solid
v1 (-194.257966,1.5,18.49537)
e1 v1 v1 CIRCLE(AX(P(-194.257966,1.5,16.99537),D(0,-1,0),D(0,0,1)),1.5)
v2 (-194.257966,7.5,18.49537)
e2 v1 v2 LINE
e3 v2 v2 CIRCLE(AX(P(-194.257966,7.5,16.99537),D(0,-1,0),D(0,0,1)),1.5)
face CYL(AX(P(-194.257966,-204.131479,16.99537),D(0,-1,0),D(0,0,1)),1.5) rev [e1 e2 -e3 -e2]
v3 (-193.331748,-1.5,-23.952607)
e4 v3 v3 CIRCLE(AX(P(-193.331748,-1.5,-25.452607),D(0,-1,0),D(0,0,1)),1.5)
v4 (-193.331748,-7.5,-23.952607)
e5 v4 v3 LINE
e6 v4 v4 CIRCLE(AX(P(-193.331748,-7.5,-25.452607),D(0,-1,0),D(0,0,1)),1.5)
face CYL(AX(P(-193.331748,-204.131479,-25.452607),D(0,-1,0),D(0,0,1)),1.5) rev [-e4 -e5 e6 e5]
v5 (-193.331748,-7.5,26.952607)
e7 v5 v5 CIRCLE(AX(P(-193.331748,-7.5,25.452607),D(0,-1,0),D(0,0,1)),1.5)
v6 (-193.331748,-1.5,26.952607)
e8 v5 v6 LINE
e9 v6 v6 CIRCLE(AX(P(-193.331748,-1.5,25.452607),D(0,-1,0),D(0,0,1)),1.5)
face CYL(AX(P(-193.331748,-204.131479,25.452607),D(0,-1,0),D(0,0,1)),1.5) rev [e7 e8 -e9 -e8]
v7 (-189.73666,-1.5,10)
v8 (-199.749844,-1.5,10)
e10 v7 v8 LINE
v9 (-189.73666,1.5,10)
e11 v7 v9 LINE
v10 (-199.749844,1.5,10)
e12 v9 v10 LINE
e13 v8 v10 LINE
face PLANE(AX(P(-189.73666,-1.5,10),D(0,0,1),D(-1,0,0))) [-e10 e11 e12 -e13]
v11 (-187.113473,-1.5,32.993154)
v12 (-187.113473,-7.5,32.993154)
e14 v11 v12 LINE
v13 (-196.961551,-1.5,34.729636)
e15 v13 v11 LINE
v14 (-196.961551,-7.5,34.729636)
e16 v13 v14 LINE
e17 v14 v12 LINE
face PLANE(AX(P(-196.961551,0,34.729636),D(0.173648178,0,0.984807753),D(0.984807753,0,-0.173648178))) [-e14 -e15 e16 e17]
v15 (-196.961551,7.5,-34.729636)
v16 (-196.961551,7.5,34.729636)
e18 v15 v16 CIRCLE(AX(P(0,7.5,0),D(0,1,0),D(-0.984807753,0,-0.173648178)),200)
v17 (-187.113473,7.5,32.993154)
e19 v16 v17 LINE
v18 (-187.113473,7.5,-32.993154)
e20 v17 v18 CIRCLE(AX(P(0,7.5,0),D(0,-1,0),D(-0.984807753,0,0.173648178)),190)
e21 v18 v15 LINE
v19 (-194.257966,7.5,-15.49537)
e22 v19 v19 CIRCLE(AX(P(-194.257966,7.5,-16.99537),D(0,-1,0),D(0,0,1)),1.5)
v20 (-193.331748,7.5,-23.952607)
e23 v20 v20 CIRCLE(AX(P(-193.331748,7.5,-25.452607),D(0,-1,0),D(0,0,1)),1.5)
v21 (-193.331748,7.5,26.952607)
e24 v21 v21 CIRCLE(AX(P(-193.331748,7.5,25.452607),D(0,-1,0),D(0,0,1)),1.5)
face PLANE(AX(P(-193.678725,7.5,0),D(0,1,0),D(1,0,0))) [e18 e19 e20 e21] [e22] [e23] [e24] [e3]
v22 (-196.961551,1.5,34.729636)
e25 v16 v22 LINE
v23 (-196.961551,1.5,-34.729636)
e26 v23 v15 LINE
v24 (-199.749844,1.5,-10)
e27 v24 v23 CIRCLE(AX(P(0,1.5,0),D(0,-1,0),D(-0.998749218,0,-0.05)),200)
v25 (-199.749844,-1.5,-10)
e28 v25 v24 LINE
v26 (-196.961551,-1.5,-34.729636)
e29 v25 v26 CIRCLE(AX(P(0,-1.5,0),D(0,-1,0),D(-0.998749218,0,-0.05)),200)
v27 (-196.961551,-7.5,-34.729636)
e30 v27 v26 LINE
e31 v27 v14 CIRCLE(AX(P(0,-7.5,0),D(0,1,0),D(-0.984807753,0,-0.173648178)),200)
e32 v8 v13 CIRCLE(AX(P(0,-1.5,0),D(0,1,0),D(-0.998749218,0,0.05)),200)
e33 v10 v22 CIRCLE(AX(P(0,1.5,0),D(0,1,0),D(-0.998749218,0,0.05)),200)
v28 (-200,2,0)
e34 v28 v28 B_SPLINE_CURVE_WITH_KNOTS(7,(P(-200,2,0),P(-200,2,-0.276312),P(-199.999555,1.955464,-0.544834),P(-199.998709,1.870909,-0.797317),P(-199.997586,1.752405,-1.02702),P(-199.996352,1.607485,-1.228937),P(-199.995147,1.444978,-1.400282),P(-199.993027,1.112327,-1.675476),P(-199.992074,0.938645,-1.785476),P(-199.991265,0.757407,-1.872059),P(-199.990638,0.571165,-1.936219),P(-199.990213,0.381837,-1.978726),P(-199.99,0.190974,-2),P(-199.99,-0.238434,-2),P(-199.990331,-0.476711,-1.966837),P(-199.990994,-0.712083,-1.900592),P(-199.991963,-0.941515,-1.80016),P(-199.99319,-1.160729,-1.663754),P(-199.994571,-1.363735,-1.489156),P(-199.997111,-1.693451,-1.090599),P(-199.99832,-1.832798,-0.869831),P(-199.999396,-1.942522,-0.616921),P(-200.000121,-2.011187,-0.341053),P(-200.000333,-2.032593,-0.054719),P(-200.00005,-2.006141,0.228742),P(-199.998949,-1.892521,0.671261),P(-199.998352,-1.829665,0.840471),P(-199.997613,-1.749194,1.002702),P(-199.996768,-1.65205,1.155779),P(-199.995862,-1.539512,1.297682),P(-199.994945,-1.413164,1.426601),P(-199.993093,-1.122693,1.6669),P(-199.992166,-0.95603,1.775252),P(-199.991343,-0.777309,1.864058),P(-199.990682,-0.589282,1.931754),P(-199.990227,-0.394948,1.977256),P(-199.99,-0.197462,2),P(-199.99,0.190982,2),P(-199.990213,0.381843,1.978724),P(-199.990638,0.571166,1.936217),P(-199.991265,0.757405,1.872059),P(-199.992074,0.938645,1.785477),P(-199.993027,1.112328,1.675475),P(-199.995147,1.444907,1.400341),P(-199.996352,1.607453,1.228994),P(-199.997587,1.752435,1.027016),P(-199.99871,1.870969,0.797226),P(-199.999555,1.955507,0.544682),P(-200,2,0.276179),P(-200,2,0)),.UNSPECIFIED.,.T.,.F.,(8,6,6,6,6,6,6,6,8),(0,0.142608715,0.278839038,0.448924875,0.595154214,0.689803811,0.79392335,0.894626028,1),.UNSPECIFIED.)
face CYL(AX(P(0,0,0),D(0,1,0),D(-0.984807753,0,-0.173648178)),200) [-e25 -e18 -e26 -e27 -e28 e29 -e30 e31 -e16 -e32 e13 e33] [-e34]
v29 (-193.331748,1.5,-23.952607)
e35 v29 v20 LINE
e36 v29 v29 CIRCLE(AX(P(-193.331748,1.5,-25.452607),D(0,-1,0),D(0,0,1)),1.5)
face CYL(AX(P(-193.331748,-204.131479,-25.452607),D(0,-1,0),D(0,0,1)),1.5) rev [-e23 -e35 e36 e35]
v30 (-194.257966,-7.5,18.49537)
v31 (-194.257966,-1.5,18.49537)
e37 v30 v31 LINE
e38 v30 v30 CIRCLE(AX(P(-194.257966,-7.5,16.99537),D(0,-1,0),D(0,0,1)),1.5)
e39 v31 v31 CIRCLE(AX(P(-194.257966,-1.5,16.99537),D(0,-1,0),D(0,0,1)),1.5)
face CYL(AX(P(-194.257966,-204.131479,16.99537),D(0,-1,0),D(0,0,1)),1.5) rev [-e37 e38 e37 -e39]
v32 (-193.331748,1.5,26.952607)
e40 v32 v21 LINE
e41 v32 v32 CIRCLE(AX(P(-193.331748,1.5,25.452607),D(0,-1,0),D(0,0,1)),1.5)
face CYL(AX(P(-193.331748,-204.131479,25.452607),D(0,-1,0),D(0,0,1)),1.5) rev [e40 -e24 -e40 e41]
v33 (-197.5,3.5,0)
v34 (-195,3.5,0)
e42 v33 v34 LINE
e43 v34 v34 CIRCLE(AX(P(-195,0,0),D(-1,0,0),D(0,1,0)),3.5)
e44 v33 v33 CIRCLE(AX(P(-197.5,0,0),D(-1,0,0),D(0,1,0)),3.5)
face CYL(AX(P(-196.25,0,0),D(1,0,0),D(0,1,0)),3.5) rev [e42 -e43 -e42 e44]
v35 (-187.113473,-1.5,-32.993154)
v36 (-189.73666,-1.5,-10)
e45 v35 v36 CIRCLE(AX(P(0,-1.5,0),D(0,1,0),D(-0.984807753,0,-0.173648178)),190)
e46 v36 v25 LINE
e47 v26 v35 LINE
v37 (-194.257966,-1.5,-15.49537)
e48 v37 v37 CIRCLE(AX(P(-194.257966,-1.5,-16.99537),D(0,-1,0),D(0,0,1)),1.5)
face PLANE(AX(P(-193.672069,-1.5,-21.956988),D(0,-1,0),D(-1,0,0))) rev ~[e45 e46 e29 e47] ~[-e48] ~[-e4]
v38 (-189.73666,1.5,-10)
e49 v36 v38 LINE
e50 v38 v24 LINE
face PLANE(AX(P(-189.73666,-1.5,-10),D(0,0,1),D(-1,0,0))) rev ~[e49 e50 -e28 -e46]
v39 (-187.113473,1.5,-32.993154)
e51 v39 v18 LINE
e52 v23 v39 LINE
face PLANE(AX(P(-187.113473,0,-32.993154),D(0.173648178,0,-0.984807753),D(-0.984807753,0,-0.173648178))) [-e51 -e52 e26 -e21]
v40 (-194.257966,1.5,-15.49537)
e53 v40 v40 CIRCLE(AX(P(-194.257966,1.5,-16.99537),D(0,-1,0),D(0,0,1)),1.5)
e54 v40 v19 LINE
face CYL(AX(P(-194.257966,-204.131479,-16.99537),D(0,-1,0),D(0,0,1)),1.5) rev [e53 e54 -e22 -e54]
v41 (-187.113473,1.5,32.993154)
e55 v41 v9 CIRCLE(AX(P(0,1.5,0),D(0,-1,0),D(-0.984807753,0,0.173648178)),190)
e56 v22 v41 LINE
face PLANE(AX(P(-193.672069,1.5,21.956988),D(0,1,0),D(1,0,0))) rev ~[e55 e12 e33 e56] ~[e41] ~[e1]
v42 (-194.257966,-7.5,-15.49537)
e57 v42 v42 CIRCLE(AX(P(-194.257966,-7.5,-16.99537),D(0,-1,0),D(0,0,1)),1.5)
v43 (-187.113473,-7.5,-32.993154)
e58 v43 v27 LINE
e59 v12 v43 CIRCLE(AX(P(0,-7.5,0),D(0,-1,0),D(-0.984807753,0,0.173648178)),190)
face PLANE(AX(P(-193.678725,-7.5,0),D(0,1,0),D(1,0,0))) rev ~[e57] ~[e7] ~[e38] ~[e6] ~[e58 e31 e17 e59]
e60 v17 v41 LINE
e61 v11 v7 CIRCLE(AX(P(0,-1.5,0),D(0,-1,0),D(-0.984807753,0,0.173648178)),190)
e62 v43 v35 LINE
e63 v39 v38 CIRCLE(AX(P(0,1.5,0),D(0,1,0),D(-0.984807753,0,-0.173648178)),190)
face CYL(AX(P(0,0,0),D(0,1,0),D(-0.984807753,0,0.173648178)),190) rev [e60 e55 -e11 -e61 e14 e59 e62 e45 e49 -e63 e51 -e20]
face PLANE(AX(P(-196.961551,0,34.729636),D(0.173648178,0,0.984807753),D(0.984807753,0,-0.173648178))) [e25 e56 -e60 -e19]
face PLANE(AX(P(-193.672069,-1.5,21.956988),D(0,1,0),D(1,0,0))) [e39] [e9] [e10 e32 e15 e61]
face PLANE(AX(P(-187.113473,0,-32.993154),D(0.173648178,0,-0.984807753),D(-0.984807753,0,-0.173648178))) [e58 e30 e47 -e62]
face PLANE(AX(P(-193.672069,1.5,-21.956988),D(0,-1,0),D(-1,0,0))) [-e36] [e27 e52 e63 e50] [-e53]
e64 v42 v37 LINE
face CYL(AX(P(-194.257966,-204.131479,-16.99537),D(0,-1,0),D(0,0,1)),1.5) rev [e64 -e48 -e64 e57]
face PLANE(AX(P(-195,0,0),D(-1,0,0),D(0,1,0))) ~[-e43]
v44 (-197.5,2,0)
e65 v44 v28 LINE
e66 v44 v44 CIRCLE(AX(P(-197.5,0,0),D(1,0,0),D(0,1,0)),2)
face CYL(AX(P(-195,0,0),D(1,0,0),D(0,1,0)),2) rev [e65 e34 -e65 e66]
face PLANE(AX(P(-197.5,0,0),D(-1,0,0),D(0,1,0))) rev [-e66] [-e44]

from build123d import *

# Parameters (mm, degrees)
BASE_DEPTH            = 7.5
MOUNT_START           = -1.5
MOUNT_DEPTH           = 3
MOUNT_HOLE_DEPTH      = 204.131478566
MOUNT_HOLE_DEPTH_BACK = 204.131478566
SKETCH12_R            = 1.5
SKETCH14_R            = 2
SHAFT_HOLE_DEPTH      = 37.394984425
SKETCH13_W            = 2.5
SKETCH13_H            = 3.5


with BuildPart() as part:
    # Sketch9 → base (new, symmetric)
    with BuildSketch(Plane(origin=(0, 0, 0), x_dir=(1, 0, 0), z_dir=(0, 1, 0))):
        with BuildLine():
            ThreePointArc((-187.113473072, -32.993153757), (-190, 0), (-187.113473072, 32.993153757))
            Line((-187.113473072, 32.993153757), (-196.961550602, 34.729635533))
            ThreePointArc((-196.961550602, 34.729635533), (-200, 0), (-196.961550602, -34.729635533))
            Line((-196.961550602, -34.729635533), (-187.113473072, -32.993153757))
        make_face()
    extrude(amount=BASE_DEPTH, both=True)

    # Sketch11 → mount (cut)
    with BuildSketch(Plane(origin=(0, 0, 0), x_dir=(1, 0, 0), z_dir=(0, 1, 0)).offset(MOUNT_START)):
        with BuildLine():
            Line((-189.73665961, -10), (-199.749843554, -10))
            ThreePointArc((-199.749843554, -10), (-198.7407137, -22.408228804), (-196.961550602, -34.729635533))
            Line((-196.961550602, -34.729635533), (-187.113473072, -32.993153757))
            ThreePointArc((-187.113473072, -32.993153757), (-188.775466906, -21.536552519), (-189.73665961, -10))
        make_face()
        with BuildLine():
            Line((-189.73665961, 10), (-199.749843554, 10))
            ThreePointArc((-199.749843554, 10), (-198.7407137, 22.408228804), (-196.961550602, 34.729635533))
            Line((-196.961550602, 34.729635533), (-187.113473072, 32.993153757))
            ThreePointArc((-187.113473072, 32.993153757), (-188.775466906, 21.536552519), (-189.73665961, 10))
        make_face()
    extrude(amount=MOUNT_DEPTH, mode=Mode.SUBTRACT)

    # Sketch12 → mount hole (cut, two sides: drawn at the far end of the back side and taken through both)
    with BuildSketch(Plane(origin=(0, 0, 0), x_dir=(1, 0, 0), z_dir=(0, 1, 0)).offset(-MOUNT_HOLE_DEPTH_BACK)):
        with Locations(Location((-193.331747968, 25.452607483, 0), (0, 0, 270))):
            Circle(SKETCH12_R)
        with Locations(Location((-194.257966128, 16.995369836, 0), (0, 0, 270))):
            Circle(SKETCH12_R)
        with Locations(Location((-194.257966128, -16.995369836, 0), (0, 0, 270))):
            Circle(SKETCH12_R)
        with Locations(Location((-193.331747968, -25.452607483, 0), (0, 0, 270))):
            Circle(SKETCH12_R)
    extrude(amount=MOUNT_HOLE_DEPTH + MOUNT_HOLE_DEPTH_BACK, mode=Mode.SUBTRACT)

    # Sketch14 → shaft hole (cut, through all)
    with BuildSketch(Plane.ZY.offset(195)):
        with Locations(Location((0, 0, 0), (0, 0, 90))):
            Circle(SKETCH14_R)
    extrude(amount=SHAFT_HOLE_DEPTH, mode=Mode.SUBTRACT)

    # Sketch13 → bearinghole (revolve, cut)
    with BuildSketch(Plane(origin=(0, 0, 0), x_dir=(1, 0, 0), z_dir=(0, 1, 0)), mode=Mode.PRIVATE) as bearinghole_sk:
        with Locations((-196.25, 1.75)):
            Rectangle(SKETCH13_W, SKETCH13_H)
    revolve(bearinghole_sk.sketch.rotate(Axis((0, 0, 0), (-1, 0, 0)), 270), axis=Axis((0, 0, 0), (-1, 0, 0)), mode=Mode.SUBTRACT)


solid = part.part
